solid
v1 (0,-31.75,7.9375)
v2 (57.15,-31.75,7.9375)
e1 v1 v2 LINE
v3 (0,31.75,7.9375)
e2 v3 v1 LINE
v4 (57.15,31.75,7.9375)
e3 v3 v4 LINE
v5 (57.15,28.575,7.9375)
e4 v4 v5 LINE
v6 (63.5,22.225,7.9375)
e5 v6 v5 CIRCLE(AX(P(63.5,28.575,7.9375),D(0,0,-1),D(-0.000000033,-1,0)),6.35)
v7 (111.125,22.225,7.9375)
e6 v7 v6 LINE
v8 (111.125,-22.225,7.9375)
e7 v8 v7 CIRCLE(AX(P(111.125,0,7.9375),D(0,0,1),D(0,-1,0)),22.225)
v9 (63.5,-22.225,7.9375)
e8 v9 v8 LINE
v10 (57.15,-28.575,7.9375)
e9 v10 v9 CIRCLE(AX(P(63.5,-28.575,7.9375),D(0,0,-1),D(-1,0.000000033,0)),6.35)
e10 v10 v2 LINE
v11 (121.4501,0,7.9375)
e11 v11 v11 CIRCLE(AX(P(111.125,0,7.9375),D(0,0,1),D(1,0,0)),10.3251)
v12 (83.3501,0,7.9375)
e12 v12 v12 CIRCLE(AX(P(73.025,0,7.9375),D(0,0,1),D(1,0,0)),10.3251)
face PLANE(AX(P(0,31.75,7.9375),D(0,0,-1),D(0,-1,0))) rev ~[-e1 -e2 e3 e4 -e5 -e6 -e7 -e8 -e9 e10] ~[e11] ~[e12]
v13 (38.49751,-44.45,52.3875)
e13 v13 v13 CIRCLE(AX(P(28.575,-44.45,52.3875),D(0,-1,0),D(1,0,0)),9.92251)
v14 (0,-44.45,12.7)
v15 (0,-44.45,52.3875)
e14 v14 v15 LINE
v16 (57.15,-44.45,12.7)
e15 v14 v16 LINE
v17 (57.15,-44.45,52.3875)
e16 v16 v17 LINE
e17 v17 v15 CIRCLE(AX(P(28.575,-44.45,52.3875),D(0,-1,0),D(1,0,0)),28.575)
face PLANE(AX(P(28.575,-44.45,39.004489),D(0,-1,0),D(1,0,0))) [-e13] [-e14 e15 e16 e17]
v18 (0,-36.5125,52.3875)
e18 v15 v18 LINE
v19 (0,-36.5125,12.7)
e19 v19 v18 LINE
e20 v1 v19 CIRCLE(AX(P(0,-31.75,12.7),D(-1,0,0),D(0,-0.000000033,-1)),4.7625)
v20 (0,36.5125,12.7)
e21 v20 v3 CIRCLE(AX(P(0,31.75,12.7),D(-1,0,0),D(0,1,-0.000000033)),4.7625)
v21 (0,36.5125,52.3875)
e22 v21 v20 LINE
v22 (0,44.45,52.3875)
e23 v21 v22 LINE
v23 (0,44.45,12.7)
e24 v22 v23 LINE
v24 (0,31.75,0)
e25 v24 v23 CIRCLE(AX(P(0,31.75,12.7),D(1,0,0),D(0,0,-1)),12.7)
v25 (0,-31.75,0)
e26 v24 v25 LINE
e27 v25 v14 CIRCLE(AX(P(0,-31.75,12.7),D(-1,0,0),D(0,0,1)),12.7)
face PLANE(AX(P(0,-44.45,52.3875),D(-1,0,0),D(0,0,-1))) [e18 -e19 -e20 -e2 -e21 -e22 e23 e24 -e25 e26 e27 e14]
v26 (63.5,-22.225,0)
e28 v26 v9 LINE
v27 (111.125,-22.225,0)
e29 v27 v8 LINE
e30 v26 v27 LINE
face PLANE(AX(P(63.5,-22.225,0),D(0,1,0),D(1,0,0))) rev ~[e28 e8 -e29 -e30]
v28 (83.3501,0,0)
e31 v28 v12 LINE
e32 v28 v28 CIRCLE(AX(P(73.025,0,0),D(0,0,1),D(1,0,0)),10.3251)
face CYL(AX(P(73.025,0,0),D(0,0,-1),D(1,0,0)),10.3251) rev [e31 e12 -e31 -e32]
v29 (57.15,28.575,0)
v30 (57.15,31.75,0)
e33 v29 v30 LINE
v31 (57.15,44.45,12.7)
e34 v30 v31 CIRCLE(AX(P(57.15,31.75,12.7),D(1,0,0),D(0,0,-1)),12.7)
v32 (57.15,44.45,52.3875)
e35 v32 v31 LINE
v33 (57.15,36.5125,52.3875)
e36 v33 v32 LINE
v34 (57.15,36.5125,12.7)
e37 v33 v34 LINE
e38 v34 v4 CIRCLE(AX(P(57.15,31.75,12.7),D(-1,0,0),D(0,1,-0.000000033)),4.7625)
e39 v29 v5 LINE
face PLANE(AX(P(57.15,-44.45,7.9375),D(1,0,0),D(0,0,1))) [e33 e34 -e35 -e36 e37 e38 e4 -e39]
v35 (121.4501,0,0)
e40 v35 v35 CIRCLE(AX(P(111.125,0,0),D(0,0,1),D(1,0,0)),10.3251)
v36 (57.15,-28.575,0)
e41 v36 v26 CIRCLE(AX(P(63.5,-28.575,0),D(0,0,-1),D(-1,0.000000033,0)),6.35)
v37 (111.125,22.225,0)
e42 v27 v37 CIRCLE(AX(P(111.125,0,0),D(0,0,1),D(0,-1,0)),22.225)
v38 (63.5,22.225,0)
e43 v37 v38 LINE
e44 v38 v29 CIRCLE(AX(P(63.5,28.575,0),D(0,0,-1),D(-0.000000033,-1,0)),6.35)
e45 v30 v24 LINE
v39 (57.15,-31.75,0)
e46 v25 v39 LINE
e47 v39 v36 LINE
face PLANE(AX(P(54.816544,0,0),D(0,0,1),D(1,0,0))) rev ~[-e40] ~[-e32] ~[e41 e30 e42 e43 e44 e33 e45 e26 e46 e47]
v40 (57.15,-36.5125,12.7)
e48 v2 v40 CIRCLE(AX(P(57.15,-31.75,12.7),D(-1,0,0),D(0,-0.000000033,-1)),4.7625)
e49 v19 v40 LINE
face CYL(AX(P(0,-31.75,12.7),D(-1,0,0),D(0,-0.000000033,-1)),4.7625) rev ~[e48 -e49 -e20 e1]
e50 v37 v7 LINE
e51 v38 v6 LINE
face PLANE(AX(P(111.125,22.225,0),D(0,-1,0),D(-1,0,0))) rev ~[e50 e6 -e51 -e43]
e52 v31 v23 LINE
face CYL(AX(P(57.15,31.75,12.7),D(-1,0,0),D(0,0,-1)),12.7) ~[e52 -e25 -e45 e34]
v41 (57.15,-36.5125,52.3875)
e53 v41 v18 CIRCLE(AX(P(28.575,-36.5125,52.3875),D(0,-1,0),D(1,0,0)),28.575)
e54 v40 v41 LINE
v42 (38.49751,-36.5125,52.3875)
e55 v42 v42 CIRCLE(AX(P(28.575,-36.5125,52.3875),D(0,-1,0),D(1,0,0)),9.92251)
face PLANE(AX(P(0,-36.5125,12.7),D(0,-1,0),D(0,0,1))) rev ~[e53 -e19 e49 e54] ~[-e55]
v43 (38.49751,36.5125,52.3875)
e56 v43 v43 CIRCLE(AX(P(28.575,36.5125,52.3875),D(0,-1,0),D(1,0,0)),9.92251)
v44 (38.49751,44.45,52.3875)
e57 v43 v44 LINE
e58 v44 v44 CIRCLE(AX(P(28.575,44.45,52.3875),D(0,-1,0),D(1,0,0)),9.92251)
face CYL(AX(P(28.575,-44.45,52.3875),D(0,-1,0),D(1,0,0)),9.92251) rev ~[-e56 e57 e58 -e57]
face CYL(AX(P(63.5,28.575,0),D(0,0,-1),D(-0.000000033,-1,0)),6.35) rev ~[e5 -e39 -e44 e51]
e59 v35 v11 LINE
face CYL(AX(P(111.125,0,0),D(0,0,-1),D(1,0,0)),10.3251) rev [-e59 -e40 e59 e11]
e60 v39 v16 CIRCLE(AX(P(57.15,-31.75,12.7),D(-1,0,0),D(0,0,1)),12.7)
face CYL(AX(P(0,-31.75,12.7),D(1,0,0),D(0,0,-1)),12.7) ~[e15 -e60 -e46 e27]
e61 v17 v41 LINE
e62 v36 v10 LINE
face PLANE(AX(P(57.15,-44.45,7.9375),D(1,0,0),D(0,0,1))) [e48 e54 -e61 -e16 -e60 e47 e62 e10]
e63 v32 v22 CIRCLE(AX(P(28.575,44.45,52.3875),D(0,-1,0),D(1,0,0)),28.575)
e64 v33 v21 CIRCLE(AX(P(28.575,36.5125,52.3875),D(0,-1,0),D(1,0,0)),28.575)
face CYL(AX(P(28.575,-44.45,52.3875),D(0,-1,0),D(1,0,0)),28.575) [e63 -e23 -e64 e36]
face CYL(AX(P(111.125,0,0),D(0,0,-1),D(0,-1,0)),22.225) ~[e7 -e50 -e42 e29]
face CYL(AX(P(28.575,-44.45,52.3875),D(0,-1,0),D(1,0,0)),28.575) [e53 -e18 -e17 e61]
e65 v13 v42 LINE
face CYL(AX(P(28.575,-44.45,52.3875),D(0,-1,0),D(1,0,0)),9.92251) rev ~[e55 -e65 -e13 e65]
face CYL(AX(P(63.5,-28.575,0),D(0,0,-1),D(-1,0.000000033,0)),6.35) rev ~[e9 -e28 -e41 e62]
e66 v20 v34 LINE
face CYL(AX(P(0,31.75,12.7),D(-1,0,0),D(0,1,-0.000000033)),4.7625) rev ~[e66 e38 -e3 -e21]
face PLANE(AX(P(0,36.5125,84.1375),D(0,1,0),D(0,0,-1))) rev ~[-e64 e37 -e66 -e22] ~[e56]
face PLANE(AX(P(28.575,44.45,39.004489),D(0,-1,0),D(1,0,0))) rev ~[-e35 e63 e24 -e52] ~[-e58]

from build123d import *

# Parameters (mm, degrees)
F0_R     = 10.3251
F1_DEPTH = 7.9375
F2_R     = 9.92251
F3_DEPTH = 88.9
F5_DEPTH = 57.15
F6_R     = 12.7
F7_R     = 12.7


with BuildPart() as f1:
    # F0 (on Top) → F1 (new body)
    with BuildSketch(Plane.XY):
        with BuildLine():
            Line((0, 44.45), (0, -44.45))
            Line((0, -44.45), (57.15, -44.45))
            Line((57.15, -44.45), (57.15, -28.575))
            ThreePointArc((57.15, -28.575), (59.009872, -24.084872), (63.5, -22.225))
            Line((63.5, -22.225), (111.125, -22.225))
            ThreePointArc((111.125, -22.225), (133.35, 0), (111.125, 22.225))
            Line((111.125, 22.225), (63.5, 22.225))
            ThreePointArc((63.5, 22.225), (59.009872, 24.084872), (57.15, 28.575))
            Line((57.15, 28.575), (57.15, 44.45))
            Line((57.15, 44.45), (0, 44.45))
        make_face()
        with Locations((73.025, 0)):
            Circle(F0_R, mode=Mode.SUBTRACT)
        with Locations((111.125, 0)):
            Circle(F0_R, mode=Mode.SUBTRACT)
    extrude(amount=F1_DEPTH)

    # F2 (on face) → F3 (join)
    with BuildSketch(Plane.XZ.offset(44.45)):
        with BuildLine():
            Line((0, 52.3875), (0, 7.9375))
            Line((0, 7.9375), (57.15, 7.9375))
            Line((57.15, 7.9375), (57.15, 52.3875))
            ThreePointArc((57.15, 52.3875), (28.575, 80.9625), (0, 52.3875))
        make_face()
        with Locations((28.575, 52.3875)):
            Circle(F2_R, mode=Mode.SUBTRACT)
    extrude(amount=-F3_DEPTH)

    # F4 (on face) → F5 (cut)
    with BuildSketch(Plane(origin=(0, 0, 0), x_dir=(0, -1, 0), z_dir=(-1, 0, 0))):
        with BuildLine():
            ThreePointArc((-36.5125, 12.7), (-35.117596, 9.332404), (-31.75, 7.9375))
            Line((-31.75, 7.9375), (31.75, 7.9375))
            ThreePointArc((31.75, 7.9375), (35.117596, 9.332404), (36.5125, 12.7))
            Line((36.5125, 12.7), (36.5125, 84.1375))
            Line((36.5125, 84.1375), (-36.5125, 84.1375))
            Line((-36.5125, 84.1375), (-36.5125, 12.7))
        make_face()
    extrude(amount=-F5_DEPTH, mode=Mode.SUBTRACT)

    # F6
    f6_edges = [f1.edges().sort_by_distance(p)[0] for p in [
        (28.575, 44.45, 0),
    ]]
    fillet(f6_edges, radius=F6_R)

    # F7
    f7_edges = [f1.edges().sort_by_distance(p)[0] for p in [
        (28.575, -44.45, 0),
    ]]
    fillet(f7_edges, radius=F7_R)


solid = f1.part
